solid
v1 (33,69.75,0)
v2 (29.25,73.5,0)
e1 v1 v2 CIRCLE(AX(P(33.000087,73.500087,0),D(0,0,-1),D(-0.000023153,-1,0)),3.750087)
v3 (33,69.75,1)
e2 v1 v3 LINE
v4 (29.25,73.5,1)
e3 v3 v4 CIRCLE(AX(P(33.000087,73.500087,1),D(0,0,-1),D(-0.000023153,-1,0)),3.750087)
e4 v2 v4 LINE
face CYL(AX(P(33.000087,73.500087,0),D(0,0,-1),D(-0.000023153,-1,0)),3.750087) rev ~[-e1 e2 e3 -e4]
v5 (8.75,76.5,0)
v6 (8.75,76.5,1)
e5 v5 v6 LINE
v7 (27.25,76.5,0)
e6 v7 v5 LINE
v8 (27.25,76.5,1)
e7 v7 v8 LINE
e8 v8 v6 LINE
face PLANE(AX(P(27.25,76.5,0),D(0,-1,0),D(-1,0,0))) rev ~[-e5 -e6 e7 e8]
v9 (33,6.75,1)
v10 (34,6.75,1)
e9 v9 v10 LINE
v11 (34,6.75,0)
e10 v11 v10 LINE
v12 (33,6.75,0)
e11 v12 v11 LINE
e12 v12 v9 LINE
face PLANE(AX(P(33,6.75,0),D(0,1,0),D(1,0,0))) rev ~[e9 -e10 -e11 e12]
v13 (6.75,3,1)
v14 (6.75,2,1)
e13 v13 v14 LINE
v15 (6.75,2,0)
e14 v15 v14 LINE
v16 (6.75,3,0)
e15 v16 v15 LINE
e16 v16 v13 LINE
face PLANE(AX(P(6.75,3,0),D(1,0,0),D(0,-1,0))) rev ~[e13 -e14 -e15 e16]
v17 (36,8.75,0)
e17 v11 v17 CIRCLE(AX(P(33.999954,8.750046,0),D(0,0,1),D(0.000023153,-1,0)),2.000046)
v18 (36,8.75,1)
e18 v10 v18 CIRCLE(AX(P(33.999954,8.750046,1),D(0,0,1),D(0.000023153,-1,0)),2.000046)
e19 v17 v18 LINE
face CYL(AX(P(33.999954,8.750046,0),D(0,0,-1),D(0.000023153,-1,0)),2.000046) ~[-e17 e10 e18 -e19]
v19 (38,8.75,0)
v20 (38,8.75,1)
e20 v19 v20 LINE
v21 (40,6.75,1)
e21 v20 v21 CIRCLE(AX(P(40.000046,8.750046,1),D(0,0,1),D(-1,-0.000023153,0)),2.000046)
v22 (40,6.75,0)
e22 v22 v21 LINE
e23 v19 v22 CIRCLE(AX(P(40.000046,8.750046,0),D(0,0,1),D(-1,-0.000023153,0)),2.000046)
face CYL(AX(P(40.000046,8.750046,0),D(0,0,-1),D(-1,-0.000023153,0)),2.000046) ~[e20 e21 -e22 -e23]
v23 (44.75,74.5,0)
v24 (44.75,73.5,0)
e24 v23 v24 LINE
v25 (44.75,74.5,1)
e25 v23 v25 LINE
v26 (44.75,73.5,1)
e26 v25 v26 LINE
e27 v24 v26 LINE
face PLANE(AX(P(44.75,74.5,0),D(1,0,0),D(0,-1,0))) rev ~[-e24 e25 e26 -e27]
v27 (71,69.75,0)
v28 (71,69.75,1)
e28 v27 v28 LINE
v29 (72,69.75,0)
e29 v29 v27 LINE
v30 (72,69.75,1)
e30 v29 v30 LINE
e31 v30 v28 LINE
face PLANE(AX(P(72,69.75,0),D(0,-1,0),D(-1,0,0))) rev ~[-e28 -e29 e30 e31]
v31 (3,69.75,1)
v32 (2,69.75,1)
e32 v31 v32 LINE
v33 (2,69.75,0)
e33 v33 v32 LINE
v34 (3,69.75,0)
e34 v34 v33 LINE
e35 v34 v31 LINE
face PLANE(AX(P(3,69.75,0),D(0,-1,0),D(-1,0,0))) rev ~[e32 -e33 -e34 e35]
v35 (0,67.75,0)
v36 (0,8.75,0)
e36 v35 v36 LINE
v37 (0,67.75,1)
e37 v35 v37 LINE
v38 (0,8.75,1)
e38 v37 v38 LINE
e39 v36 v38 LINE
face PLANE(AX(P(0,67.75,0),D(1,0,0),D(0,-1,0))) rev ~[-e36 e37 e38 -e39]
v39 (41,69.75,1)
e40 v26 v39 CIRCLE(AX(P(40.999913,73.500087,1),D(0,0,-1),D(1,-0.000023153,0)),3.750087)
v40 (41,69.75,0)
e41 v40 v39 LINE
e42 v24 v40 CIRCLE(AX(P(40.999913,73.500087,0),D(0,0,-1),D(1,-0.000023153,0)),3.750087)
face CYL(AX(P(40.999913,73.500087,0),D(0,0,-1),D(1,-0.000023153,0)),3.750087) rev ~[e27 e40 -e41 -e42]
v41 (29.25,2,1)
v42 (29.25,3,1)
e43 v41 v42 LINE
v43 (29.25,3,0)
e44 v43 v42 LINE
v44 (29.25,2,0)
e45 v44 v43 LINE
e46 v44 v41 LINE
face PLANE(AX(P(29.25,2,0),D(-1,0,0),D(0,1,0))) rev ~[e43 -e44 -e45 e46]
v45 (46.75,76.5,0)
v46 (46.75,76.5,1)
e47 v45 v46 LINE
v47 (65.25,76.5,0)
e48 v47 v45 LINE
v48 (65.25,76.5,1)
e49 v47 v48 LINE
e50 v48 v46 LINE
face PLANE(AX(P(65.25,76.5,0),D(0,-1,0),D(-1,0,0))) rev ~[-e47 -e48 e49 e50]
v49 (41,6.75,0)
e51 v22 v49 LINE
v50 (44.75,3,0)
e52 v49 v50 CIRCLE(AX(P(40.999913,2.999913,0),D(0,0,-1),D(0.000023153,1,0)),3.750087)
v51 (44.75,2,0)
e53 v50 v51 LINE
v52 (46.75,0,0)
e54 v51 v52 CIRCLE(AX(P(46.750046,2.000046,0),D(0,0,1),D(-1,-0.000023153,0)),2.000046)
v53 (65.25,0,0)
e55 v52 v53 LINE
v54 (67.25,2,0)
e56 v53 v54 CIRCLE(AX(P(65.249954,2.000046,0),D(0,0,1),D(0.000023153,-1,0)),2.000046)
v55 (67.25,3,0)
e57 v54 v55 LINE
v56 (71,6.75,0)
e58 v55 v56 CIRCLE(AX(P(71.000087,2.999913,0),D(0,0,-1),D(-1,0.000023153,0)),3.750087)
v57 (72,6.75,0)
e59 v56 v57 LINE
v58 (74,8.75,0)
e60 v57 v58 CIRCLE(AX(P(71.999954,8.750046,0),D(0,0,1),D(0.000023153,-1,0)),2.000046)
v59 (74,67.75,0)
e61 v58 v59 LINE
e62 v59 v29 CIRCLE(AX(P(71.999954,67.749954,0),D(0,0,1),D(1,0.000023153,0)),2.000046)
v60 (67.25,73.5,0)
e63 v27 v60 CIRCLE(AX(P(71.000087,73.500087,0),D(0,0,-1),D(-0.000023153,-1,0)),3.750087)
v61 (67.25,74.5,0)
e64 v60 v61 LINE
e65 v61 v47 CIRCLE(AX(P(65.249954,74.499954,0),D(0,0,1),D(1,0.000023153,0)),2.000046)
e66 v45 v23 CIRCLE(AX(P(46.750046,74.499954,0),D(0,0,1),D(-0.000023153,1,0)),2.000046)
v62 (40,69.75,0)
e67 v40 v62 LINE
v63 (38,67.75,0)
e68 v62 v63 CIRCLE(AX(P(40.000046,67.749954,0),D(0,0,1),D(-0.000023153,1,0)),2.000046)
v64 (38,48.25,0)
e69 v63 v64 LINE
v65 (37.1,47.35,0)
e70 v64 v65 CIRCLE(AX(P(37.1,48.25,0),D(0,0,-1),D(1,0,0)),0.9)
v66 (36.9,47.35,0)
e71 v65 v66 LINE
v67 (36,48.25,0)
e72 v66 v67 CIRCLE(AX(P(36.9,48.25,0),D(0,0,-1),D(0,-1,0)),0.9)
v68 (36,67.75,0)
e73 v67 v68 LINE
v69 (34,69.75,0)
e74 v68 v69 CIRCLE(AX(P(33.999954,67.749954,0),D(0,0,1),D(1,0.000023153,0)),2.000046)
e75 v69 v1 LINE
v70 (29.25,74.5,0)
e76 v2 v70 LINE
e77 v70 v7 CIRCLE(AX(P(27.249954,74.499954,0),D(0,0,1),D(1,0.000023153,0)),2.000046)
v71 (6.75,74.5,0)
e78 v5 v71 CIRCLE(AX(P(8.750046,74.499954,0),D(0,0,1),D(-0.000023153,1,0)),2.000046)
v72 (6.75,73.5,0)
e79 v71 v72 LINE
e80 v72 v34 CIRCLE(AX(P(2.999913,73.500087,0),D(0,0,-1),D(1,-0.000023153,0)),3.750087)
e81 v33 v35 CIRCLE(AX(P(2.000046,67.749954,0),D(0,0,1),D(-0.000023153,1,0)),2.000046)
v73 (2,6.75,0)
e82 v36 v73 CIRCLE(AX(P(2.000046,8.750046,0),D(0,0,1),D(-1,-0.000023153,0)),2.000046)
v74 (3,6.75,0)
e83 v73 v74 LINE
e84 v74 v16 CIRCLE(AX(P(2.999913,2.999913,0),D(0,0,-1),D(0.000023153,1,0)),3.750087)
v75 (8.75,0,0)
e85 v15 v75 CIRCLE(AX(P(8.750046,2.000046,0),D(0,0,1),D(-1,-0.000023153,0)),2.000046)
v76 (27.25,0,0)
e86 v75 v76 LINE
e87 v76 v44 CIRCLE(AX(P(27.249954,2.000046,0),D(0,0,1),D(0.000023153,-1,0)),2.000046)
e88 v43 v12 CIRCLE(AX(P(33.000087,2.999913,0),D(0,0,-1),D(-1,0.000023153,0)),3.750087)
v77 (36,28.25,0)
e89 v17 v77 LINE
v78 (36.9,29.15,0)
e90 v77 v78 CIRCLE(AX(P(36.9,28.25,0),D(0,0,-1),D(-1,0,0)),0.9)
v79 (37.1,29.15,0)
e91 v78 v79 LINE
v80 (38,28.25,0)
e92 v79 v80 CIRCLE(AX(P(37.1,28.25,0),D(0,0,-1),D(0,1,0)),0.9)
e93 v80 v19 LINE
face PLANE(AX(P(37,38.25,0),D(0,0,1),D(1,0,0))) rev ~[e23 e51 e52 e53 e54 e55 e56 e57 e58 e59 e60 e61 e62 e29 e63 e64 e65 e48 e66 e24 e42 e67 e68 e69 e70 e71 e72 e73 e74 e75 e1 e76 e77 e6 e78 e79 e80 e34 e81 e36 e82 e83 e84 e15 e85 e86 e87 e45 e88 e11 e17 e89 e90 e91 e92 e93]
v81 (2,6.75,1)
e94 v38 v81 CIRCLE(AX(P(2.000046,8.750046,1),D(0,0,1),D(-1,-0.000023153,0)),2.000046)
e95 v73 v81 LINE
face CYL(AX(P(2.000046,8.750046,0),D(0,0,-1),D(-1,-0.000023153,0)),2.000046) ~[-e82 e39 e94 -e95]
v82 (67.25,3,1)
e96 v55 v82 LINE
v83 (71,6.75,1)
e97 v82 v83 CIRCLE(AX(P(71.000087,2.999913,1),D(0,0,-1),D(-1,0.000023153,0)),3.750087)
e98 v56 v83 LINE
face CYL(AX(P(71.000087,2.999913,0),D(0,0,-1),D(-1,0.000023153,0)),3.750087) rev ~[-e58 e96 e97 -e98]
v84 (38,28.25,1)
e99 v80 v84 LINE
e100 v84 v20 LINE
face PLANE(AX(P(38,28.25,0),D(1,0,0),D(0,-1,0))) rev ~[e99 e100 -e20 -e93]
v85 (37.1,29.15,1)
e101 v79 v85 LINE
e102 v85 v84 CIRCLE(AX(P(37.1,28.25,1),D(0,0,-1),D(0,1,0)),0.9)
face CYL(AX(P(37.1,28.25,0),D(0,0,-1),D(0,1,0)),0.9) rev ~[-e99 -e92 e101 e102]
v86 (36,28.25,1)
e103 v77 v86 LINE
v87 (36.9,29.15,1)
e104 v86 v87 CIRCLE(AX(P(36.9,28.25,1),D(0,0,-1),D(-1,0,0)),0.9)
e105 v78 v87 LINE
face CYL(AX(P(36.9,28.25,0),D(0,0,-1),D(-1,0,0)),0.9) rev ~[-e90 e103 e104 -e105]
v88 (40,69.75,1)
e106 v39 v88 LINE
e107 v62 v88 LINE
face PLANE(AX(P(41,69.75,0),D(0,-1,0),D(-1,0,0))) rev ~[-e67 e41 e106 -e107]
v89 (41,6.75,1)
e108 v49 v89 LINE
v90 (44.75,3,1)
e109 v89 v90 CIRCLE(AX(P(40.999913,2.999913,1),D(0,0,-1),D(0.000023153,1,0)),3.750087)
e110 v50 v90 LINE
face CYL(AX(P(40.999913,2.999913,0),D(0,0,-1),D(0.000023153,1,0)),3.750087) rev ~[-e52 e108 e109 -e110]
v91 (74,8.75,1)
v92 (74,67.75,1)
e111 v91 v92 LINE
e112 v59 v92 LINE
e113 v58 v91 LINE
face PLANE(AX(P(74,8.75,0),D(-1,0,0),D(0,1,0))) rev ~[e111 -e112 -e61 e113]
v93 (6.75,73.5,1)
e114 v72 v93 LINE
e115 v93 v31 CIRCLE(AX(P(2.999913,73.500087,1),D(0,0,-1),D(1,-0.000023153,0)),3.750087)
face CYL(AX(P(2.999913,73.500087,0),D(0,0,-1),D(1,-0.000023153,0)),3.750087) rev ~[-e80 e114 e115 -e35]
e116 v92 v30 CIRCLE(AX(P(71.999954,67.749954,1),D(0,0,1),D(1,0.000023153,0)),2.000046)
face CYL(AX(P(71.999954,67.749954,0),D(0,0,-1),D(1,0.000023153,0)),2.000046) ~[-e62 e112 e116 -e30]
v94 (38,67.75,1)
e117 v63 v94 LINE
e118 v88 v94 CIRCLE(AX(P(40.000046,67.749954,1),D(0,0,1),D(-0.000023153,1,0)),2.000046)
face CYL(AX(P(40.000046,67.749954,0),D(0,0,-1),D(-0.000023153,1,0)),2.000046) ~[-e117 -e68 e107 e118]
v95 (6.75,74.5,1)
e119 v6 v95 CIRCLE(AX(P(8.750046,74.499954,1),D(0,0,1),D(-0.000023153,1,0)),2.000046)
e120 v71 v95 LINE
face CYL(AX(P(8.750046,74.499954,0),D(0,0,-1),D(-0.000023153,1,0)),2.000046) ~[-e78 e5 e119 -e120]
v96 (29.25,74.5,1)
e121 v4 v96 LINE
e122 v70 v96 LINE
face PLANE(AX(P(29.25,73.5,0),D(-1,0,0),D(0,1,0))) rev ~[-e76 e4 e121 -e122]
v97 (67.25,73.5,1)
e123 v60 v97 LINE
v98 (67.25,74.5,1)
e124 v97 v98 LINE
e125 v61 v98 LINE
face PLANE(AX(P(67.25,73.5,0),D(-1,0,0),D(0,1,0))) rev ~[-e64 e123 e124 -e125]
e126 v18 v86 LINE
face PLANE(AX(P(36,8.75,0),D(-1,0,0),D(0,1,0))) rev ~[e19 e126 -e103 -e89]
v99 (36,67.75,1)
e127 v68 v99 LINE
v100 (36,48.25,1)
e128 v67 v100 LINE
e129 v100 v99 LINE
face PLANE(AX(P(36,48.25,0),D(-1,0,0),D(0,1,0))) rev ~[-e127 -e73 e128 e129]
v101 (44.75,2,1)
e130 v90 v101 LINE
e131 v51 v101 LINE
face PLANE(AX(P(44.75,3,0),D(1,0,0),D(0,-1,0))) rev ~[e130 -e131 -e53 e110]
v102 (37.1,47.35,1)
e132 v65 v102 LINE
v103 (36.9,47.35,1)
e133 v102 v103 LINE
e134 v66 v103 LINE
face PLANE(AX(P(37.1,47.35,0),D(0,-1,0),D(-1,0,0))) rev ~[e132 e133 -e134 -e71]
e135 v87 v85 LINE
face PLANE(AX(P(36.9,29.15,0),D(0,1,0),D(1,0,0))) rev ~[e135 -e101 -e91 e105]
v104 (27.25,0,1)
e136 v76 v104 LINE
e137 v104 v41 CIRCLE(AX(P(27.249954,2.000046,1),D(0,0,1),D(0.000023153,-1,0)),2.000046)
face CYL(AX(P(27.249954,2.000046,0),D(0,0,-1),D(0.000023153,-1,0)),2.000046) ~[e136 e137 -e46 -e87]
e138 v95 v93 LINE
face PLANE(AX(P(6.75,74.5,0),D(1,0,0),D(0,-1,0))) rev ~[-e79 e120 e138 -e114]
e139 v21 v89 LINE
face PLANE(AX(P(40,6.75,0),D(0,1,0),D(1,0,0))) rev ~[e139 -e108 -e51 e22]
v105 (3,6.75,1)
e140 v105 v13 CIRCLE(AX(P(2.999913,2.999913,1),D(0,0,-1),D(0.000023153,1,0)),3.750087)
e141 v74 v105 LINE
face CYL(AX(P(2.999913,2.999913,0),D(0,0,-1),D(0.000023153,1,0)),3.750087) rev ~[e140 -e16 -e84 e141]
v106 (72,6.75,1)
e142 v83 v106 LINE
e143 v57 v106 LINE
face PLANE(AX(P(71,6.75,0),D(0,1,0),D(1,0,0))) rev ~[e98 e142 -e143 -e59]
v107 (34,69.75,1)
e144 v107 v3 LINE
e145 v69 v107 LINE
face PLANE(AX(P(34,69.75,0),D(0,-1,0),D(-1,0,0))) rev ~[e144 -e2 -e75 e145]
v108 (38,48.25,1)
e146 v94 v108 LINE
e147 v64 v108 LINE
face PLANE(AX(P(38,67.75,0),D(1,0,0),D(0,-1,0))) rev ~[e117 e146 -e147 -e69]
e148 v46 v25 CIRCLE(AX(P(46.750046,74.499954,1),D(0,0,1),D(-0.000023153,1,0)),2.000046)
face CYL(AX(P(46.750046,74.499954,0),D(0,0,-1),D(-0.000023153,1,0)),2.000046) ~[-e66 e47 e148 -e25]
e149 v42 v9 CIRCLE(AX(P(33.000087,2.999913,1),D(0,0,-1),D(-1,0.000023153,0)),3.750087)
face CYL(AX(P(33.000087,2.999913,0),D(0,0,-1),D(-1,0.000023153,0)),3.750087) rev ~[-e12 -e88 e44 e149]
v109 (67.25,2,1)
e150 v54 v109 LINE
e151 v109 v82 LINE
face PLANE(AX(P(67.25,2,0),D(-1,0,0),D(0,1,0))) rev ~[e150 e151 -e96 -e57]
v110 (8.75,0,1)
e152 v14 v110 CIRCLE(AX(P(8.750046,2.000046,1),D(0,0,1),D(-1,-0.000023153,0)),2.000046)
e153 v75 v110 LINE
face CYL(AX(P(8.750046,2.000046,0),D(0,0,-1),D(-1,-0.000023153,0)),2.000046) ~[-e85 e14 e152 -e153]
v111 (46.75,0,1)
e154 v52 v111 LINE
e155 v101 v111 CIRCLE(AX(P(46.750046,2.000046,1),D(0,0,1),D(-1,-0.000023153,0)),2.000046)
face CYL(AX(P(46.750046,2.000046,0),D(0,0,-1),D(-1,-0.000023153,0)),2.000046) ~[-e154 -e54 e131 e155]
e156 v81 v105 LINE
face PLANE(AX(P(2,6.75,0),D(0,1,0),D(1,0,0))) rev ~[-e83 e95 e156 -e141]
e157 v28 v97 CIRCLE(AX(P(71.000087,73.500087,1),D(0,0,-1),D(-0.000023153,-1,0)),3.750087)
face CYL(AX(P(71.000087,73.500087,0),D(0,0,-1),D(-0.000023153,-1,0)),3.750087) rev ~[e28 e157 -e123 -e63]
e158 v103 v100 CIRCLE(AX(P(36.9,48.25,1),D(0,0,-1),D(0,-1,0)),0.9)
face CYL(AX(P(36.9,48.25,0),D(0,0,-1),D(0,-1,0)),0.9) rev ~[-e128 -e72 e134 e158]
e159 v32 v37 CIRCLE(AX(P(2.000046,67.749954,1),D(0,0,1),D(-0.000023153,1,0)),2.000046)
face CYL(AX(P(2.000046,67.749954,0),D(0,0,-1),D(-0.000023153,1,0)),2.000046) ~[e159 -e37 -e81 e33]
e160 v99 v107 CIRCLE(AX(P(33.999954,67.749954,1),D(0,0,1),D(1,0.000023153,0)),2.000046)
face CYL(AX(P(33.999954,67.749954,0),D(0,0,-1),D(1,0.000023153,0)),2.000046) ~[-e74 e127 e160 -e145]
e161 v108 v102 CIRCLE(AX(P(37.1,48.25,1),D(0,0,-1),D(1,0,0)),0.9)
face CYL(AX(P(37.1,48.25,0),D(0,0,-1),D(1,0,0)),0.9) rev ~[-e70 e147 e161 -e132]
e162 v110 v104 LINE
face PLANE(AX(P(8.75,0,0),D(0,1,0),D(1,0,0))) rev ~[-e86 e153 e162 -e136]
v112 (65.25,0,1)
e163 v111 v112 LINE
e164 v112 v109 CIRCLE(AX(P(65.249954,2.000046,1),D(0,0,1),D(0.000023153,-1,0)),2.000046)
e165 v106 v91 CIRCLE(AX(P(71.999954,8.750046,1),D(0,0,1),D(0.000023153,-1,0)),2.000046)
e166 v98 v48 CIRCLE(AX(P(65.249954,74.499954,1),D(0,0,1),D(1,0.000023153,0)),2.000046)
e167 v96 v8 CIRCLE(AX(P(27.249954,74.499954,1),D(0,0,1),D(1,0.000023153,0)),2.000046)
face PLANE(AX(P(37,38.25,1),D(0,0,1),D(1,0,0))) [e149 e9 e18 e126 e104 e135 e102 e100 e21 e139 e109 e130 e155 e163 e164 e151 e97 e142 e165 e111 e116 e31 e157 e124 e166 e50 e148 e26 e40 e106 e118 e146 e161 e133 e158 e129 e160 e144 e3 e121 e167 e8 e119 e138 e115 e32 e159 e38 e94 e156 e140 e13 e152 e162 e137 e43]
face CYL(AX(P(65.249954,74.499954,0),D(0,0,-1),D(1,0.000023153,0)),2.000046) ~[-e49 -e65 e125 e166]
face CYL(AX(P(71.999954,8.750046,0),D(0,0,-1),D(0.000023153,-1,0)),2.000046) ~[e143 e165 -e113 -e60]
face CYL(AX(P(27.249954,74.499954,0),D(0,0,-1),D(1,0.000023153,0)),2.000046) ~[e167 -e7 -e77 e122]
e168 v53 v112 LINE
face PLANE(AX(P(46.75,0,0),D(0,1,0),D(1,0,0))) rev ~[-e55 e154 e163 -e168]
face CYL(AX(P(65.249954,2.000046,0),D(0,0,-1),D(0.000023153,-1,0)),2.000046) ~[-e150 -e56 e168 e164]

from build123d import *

# Parameters (mm, degrees)
BOSS_EXTRUDE1_DEPTH = 1


with BuildPart() as part:
    # Sketch2 → Boss-Extrude1 (new body)
    with BuildSketch(Plane.XY):
        with BuildLine():
            Line((41, 69.75), (40, 69.75))
            ThreePointArc((40, 69.75), (38.5858, 69.1642), (38, 67.75))
            Line((38, 67.75), (38, 48.25))
            ThreePointArc((38, 48.25), (37.736396103, 47.613603897), (37.1, 47.35))
            Line((37.1, 47.35), (36.9, 47.35))
            ThreePointArc((36.9, 47.35), (36.263603897, 47.613603897), (36, 48.25))
            Line((36, 48.25), (36, 67.75))
            ThreePointArc((36, 67.75), (35.4142, 69.1642), (34, 69.75))
            Line((34, 69.75), (33, 69.75))
            ThreePointArc((33, 69.75), (30.348375, 70.848375), (29.25, 73.5))
            Line((29.25, 73.5), (29.25, 74.5))
            ThreePointArc((29.25, 74.5), (28.6642, 75.9142), (27.25, 76.5))
            Line((27.25, 76.5), (8.75, 76.5))
            ThreePointArc((8.75, 76.5), (7.3358, 75.9142), (6.75, 74.5))
            Line((6.75, 74.5), (6.75, 73.5))
            ThreePointArc((6.75, 73.5), (5.651625, 70.848375), (3, 69.75))
            Line((3, 69.75), (2, 69.75))
            ThreePointArc((2, 69.75), (0.5858, 69.1642), (0, 67.75))
            Line((0, 67.75), (0, 8.75))
            ThreePointArc((0, 8.75), (0.5858, 7.3358), (2, 6.75))
            Line((2, 6.75), (3, 6.75))
            ThreePointArc((3, 6.75), (5.651625, 5.651625), (6.75, 3))
            Line((6.75, 3), (6.75, 2))
            ThreePointArc((6.75, 2), (7.3358, 0.5858), (8.75, 0))
            Line((8.75, 0), (27.25, 0))
            ThreePointArc((27.25, 0), (28.6642, 0.5858), (29.25, 2))
            Line((29.25, 2), (29.25, 3))
            ThreePointArc((29.25, 3), (30.348375, 5.651625), (33, 6.75))
            Line((33, 6.75), (34, 6.75))
            ThreePointArc((34, 6.75), (35.4142, 7.3358), (36, 8.75))
            Line((36, 8.75), (36, 28.25))
            ThreePointArc((36, 28.25), (36.263603897, 28.886396103), (36.9, 29.15))
            Line((36.9, 29.15), (37.1, 29.15))
            ThreePointArc((37.1, 29.15), (37.736396103, 28.886396103), (38, 28.25))
            Line((38, 28.25), (38, 8.75))
            ThreePointArc((38, 8.75), (38.5858, 7.3358), (40, 6.75))
            Line((40, 6.75), (41, 6.75))
            ThreePointArc((41, 6.75), (43.651625, 5.651625), (44.75, 3))
            Line((44.75, 3), (44.75, 2))
            ThreePointArc((44.75, 2), (45.3358, 0.5858), (46.75, 0))
            Line((46.75, 0), (65.25, 0))
            ThreePointArc((65.25, 0), (66.6642, 0.5858), (67.25, 2))
            Line((67.25, 2), (67.25, 3))
            ThreePointArc((67.25, 3), (68.348375, 5.651625), (71, 6.75))
            Line((71, 6.75), (72, 6.75))
            ThreePointArc((72, 6.75), (73.4142, 7.3358), (74, 8.75))
            Line((74, 8.75), (74, 67.75))
            ThreePointArc((74, 67.75), (73.4142, 69.1642), (72, 69.75))
            Line((72, 69.75), (71, 69.75))
            ThreePointArc((71, 69.75), (68.348375, 70.848375), (67.25, 73.5))
            Line((67.25, 73.5), (67.25, 74.5))
            ThreePointArc((67.25, 74.5), (66.6642, 75.9142), (65.25, 76.5))
            Line((65.25, 76.5), (46.75, 76.5))
            ThreePointArc((46.75, 76.5), (45.3358, 75.9142), (44.75, 74.5))
            Line((44.75, 74.5), (44.75, 73.5))
            ThreePointArc((44.75, 73.5), (43.651625, 70.848375), (41, 69.75))
        make_face()
    extrude(amount=BOSS_EXTRUDE1_DEPTH)


solid = part.part
